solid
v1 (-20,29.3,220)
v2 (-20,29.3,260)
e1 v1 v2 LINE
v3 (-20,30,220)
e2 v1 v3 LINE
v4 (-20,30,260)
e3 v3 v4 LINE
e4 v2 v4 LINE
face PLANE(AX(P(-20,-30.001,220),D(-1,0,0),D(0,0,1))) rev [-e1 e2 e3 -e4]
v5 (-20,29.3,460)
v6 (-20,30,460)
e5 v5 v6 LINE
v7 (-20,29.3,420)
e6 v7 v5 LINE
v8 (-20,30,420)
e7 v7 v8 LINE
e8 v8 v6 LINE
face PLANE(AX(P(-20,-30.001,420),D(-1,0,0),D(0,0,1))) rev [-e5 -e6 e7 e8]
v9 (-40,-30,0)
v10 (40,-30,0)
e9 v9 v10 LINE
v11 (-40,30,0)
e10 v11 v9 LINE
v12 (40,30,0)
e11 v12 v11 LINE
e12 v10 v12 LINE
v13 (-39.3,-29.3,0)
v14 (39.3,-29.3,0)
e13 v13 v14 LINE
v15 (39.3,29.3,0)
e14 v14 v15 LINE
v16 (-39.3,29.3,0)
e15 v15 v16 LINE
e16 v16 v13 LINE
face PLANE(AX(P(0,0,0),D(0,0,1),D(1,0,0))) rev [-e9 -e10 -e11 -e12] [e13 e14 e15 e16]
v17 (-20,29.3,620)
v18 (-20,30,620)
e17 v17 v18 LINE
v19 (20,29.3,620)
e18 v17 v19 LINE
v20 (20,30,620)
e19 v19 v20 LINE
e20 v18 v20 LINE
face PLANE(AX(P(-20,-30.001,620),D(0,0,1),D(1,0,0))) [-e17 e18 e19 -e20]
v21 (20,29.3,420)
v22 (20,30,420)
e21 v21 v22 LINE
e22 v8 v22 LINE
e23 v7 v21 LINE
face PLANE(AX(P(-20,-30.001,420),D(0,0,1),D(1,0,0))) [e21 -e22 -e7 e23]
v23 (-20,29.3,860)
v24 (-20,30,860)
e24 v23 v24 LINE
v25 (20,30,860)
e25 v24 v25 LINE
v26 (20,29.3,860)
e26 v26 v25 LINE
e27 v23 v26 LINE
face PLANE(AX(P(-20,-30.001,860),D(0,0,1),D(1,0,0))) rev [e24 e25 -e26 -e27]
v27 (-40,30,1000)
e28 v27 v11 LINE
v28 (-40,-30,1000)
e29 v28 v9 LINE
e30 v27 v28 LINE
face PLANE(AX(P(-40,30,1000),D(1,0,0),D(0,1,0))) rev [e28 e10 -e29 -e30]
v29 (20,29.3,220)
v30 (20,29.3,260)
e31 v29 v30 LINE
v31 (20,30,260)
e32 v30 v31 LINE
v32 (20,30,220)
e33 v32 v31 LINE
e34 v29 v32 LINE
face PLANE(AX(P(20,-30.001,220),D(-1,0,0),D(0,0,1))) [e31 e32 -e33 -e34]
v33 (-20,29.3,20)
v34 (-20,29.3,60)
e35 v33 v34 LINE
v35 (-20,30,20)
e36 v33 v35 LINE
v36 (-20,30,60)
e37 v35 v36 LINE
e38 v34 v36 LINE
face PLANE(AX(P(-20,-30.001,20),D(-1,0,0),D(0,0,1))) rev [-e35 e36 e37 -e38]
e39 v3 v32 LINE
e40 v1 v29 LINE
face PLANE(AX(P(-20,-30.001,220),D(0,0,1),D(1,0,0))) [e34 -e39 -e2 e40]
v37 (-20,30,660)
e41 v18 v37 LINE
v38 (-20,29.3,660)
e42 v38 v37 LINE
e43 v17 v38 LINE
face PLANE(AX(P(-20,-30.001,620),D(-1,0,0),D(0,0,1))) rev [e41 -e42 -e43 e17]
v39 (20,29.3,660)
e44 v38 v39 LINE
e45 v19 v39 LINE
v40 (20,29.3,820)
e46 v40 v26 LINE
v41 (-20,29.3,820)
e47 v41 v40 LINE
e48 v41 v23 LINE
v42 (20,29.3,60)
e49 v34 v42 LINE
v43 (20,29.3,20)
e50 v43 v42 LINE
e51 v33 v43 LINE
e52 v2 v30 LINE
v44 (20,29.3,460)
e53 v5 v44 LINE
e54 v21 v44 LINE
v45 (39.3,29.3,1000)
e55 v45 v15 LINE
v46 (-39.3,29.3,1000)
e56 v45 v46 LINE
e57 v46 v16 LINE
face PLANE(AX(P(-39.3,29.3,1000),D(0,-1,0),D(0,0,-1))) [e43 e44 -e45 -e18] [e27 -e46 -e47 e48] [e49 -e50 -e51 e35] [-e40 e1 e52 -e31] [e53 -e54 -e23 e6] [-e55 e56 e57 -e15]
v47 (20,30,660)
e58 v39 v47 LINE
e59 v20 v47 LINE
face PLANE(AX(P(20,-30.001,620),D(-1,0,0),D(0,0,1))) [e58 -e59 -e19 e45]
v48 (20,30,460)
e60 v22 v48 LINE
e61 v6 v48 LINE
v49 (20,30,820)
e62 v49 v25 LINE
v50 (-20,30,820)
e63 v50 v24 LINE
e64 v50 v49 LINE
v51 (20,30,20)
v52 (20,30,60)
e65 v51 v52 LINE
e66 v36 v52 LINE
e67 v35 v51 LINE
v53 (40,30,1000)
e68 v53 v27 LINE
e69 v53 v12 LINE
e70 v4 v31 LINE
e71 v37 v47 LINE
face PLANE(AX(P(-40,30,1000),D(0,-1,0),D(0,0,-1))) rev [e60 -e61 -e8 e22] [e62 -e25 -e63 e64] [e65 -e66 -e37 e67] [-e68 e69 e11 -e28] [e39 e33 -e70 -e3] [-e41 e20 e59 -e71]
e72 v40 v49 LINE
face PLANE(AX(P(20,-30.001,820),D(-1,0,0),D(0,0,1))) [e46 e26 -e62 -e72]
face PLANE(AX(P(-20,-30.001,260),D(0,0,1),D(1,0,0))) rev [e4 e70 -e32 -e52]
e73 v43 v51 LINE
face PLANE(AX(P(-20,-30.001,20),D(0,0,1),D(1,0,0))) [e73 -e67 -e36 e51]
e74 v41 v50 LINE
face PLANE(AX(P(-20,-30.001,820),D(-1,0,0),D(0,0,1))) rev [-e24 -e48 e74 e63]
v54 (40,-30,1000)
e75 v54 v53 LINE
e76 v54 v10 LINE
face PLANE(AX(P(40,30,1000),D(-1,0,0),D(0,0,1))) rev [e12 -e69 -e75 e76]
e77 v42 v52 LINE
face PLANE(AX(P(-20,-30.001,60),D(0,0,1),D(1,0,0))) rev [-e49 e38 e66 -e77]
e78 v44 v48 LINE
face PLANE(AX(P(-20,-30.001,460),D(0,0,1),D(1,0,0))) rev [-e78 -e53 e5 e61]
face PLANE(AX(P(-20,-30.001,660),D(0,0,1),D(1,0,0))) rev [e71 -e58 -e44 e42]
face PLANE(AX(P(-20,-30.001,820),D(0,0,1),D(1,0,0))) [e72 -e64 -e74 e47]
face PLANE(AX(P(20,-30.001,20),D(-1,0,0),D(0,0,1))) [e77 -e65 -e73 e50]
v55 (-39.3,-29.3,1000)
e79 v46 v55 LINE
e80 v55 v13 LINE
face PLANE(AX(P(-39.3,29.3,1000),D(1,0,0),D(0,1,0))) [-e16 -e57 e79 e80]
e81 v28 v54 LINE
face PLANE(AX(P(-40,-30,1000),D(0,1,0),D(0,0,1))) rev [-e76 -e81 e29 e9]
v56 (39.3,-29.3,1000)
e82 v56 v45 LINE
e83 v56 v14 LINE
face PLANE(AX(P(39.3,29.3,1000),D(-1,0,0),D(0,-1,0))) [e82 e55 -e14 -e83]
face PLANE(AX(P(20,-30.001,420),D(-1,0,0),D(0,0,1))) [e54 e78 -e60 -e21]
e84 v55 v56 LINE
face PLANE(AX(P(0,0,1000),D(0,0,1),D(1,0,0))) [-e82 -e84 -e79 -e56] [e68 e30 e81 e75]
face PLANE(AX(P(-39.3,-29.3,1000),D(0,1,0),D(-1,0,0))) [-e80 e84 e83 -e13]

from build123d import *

# Parameters (mm, degrees)
SKETCH_1_W             = 80
SKETCH_1_H             = 60
SKETCH_1_W_2           = 78.6
SKETCH_1_H_2           = 58.6
EXTRUDE_1_DEPTH        = 1000
CUT_EXTRUDE_1_REACH    = 1004.597
SKETCH_2_W             = 40
SKETCH_2_H             = 40
PATTERN_LINEAR_1_COUNT = 5
PATTERN_LINEAR_1_PITCH = 200


with BuildPart() as part:
    # 스케치1 → 보스-돌출1 (new body)
    with BuildSketch(Plane.XY):
        Rectangle(SKETCH_1_W, SKETCH_1_H)
        Rectangle(SKETCH_1_W_2, SKETCH_1_H_2, mode=Mode.SUBTRACT)
    extrude(amount=EXTRUDE_1_DEPTH)

    # 스케치2 → 컷-돌출1 (cut, up to next)
    with BuildSketch(Plane(origin=(0, 30, 0), x_dir=(1, 0, 0), z_dir=(0, 1, 0)), mode=Mode.PRIVATE) as cut_extrude_1_sk1:
        with Locations((0, -40)):
            Rectangle(SKETCH_2_W, SKETCH_2_H)
    cut_extrude_1_tool1 = extrude(cut_extrude_1_sk1.sketch, amount=-CUT_EXTRUDE_1_REACH, mode=Mode.PRIVATE) & part.part
    cut_extrude_1 = cut_extrude_1_tool1.solids().sort_by_distance((0, 30, 40))[0]
    add(cut_extrude_1, mode=Mode.SUBTRACT)

    # 선형 패턴1: 컷-돌출1 ×5
    with Locations(*[(0, 0, i * PATTERN_LINEAR_1_PITCH) for i in range(1, PATTERN_LINEAR_1_COUNT)]):
        add(cut_extrude_1, mode=Mode.SUBTRACT)


solid = part.part
